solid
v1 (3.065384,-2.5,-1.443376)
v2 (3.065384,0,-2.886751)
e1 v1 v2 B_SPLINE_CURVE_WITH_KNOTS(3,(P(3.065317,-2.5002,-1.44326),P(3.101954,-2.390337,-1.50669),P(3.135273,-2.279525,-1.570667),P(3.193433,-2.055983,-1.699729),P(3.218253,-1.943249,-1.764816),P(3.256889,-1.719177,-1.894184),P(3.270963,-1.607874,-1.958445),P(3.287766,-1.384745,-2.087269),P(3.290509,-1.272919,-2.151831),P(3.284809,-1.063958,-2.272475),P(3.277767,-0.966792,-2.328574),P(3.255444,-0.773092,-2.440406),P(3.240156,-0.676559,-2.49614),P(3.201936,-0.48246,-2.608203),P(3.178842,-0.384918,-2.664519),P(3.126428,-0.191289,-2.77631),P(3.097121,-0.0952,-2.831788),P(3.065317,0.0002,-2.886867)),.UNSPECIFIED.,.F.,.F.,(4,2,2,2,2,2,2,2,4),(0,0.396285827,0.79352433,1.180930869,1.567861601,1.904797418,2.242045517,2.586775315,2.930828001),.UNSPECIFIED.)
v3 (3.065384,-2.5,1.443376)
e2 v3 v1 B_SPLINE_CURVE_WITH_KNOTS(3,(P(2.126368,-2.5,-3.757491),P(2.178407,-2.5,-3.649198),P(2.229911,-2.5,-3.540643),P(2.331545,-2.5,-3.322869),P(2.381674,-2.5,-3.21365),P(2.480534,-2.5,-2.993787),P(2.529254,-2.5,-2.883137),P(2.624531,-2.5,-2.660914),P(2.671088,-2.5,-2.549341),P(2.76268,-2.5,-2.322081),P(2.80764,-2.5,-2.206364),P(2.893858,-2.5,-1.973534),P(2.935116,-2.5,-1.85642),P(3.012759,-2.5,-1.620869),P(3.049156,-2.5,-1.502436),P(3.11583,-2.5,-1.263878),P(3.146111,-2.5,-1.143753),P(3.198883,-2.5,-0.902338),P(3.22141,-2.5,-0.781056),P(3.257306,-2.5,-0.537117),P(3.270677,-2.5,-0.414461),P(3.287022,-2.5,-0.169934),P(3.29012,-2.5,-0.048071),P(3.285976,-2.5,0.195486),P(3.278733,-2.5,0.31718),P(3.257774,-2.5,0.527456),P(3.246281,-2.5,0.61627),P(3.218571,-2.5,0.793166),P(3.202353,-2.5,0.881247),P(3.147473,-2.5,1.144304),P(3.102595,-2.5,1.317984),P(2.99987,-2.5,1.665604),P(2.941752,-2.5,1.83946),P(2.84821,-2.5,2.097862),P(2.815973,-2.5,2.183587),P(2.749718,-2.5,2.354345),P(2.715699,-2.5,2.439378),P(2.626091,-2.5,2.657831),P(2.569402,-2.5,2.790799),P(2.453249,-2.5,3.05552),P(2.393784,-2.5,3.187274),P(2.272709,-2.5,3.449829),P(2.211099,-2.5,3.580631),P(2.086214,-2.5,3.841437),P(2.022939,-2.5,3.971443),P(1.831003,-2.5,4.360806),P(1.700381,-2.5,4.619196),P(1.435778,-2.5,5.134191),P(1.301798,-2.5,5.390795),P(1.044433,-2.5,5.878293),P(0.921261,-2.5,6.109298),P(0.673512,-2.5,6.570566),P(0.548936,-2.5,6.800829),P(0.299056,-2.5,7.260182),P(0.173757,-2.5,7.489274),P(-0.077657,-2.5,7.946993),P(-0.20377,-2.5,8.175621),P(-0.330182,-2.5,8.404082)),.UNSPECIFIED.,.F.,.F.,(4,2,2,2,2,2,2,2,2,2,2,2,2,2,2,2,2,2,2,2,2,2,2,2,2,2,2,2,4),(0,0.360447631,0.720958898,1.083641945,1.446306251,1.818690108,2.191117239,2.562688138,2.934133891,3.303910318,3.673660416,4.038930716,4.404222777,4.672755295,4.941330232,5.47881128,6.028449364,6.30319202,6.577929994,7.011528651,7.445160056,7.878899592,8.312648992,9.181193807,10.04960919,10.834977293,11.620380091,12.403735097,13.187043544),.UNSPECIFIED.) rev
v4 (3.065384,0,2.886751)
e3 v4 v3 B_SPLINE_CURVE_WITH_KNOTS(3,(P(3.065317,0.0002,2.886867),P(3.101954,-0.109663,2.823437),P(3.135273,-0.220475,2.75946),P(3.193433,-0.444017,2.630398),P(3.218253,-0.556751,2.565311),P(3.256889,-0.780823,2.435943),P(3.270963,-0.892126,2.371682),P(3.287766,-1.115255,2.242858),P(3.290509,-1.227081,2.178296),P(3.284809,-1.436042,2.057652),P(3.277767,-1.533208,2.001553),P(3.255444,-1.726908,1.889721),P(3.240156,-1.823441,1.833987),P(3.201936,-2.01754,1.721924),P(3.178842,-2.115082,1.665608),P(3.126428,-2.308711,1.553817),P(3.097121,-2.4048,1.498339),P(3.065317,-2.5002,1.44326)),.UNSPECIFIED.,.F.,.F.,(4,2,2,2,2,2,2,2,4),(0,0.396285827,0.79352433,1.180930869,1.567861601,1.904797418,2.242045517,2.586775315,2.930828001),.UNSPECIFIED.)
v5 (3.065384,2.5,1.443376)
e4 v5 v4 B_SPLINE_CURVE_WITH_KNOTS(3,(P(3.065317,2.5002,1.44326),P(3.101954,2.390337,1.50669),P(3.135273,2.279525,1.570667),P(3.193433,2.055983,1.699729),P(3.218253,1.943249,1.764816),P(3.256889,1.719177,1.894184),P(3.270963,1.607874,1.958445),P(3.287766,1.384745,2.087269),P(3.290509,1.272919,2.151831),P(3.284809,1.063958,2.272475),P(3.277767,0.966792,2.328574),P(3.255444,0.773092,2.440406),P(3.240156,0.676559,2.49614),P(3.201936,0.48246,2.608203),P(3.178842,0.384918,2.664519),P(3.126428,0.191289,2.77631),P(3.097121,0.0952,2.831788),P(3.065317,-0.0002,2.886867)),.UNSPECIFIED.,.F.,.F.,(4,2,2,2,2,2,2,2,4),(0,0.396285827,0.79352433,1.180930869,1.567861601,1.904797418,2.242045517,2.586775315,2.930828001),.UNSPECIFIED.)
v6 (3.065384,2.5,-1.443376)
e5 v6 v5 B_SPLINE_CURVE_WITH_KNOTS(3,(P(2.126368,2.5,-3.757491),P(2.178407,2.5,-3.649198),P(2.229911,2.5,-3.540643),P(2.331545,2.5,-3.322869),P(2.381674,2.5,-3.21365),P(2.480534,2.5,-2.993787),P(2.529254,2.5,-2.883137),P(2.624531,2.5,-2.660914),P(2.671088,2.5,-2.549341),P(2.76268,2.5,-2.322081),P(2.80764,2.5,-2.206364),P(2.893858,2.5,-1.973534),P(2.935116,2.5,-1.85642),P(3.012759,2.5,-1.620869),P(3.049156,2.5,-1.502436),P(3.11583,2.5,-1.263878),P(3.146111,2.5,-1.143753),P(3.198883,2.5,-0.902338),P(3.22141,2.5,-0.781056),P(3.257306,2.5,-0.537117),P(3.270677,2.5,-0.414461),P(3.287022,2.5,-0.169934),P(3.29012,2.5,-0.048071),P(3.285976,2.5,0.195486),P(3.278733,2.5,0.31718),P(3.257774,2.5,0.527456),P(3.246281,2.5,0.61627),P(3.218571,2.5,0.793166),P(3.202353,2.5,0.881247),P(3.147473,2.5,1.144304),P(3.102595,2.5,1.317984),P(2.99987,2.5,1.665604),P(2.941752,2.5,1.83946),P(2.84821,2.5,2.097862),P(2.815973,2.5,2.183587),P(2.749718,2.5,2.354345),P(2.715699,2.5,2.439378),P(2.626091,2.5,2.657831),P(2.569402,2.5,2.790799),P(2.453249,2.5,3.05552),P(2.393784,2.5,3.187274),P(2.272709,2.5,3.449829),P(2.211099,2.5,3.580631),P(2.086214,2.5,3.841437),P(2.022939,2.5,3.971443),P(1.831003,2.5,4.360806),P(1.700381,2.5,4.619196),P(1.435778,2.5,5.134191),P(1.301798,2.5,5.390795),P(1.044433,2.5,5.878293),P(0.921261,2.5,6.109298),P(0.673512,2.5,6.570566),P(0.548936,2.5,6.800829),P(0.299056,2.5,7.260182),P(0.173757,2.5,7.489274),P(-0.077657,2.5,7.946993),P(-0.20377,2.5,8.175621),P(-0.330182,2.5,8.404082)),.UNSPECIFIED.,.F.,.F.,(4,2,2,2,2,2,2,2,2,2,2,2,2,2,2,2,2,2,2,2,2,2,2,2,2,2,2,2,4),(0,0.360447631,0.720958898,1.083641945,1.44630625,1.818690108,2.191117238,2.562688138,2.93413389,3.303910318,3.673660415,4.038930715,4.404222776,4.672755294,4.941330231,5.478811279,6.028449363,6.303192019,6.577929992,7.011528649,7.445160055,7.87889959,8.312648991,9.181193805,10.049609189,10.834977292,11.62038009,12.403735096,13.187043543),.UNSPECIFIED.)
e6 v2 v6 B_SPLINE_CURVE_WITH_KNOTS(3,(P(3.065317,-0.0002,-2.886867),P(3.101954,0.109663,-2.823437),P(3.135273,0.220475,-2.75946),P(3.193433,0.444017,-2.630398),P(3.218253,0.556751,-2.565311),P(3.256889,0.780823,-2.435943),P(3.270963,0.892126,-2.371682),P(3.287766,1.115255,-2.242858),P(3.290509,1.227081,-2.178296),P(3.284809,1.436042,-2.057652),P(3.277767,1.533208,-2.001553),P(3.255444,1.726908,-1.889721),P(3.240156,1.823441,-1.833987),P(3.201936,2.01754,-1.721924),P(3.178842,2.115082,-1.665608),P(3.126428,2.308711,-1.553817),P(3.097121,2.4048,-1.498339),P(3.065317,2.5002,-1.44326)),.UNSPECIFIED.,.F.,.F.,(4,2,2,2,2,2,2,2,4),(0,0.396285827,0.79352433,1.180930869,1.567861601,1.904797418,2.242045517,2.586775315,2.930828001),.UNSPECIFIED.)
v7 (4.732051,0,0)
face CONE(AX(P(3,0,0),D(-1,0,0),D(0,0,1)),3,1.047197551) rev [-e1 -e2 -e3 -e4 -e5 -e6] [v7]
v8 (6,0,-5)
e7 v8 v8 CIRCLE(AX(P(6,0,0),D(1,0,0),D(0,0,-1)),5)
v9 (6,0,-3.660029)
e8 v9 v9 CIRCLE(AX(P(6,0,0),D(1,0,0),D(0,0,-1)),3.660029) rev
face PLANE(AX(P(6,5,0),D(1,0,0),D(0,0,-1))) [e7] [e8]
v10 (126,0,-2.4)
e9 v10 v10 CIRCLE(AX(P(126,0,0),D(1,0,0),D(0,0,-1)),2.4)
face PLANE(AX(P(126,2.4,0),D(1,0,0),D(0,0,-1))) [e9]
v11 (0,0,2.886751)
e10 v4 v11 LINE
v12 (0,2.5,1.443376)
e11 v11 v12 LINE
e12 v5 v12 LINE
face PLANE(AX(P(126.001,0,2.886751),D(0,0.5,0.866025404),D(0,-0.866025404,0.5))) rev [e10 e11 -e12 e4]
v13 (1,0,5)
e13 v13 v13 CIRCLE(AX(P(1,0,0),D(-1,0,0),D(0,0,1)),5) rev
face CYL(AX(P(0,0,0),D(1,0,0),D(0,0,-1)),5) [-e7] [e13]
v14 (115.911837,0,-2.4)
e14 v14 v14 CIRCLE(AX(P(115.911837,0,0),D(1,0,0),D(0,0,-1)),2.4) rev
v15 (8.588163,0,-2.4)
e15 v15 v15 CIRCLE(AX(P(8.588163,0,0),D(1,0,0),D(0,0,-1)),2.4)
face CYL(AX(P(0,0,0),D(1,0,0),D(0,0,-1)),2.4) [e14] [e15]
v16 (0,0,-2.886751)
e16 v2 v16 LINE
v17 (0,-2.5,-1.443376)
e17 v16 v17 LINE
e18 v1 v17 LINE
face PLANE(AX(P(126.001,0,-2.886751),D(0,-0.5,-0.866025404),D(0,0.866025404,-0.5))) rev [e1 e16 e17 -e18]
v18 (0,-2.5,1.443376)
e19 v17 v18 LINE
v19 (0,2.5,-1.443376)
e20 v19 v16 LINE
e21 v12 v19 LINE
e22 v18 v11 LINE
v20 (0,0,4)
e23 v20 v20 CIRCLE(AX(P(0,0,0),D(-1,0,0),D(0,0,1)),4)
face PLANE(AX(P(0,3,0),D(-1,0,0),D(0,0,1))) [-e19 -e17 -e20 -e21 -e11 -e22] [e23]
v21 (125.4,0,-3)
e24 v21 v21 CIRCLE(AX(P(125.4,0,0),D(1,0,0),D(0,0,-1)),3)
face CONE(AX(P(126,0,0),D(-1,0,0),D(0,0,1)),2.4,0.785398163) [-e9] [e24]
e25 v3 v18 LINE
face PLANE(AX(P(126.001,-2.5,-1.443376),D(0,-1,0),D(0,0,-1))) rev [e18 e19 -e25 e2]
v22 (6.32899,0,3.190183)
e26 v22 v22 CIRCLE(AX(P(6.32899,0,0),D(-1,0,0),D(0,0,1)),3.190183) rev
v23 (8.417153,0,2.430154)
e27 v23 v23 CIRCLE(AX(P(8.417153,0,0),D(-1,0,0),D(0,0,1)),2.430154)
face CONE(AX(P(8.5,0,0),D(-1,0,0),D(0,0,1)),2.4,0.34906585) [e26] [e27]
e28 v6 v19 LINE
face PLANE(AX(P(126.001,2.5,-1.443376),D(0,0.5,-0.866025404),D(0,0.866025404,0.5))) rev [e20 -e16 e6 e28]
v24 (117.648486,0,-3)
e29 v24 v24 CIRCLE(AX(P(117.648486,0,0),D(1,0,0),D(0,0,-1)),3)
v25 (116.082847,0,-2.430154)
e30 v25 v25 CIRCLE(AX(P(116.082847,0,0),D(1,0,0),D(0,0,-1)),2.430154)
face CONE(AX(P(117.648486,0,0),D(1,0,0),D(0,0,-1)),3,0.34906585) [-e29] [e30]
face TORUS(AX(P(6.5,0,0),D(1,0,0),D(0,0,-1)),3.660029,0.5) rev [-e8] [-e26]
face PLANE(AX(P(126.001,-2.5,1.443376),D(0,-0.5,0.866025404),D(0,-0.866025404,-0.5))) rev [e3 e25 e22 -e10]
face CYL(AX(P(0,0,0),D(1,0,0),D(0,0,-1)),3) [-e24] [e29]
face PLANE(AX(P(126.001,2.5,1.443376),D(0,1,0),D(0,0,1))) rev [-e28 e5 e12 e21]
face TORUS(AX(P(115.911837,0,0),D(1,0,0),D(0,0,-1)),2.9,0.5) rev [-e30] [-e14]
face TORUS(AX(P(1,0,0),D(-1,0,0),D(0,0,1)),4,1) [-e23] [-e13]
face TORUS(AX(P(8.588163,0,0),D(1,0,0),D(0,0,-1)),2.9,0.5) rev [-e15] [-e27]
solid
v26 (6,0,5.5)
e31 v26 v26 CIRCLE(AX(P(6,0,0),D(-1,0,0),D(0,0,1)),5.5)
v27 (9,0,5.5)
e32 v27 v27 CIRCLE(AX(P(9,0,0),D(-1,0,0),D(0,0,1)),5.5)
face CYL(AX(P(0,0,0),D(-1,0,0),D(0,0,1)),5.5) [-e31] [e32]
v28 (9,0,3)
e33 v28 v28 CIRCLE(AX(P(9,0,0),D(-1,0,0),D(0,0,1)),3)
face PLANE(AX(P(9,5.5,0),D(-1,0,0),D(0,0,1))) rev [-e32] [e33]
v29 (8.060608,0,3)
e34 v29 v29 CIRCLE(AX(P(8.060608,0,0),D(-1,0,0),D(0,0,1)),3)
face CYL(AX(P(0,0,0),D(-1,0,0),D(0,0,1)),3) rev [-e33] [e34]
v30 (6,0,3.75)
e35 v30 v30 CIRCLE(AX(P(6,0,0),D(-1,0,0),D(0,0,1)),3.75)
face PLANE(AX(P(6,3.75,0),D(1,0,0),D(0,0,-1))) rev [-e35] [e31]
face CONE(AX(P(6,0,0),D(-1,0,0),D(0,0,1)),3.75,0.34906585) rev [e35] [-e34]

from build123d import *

# Parameters (mm, degrees)
AUFSATZ_LINEAR_AUSTRAGEN1_REACH = 128
SKIZZE2_R                       = 3
VERRUNDUNG1_R                   = 1
VERRUNDUNG2_R                   = 0.5


with BuildPart() as part:
    # Skizze1 → Rotation1 (revolve)
    with BuildSketch(Plane.XY):
        Polygon((0, 5), (6, 5), (6, 3.309925586), (8.5, 2.4), (116, 2.4), (117.648486452, 3), (125.4, 3), (126, 2.4), (126, 0), (4.732050808, 0), (3, 3), (0, 3), align=None)
    revolve(axis=Axis((0, 0, 0), (-1, 0, 0)))

    # Skizze2 → Aufsatz-Linear austragen1 (add, up to next)
    with BuildSketch(Plane.ZY, mode=Mode.PRIVATE) as aufsatz_linear_austragen1_sk1:
        Circle(SKIZZE2_R)
        Polygon((-2.886751346, 0), (-1.443375673, -2.5), (1.443375673, -2.5), (2.886751346, 0), (1.443375673, 2.5), (-1.443375673, 2.5), align=None, mode=Mode.SUBTRACT)
    aufsatz_linear_austragen1_tool1 = extrude(aufsatz_linear_austragen1_sk1.sketch, amount=-AUFSATZ_LINEAR_AUSTRAGEN1_REACH, mode=Mode.PRIVATE) - part.part
    add(aufsatz_linear_austragen1_tool1.solids().sort_by_distance((0, 0, -2.915147))[0])

    # Verrundung1
    verrundung1_edges = [part.edges().sort_by_distance(p)[0] for p in [
        (0, -5, 0),
    ]]
    fillet(verrundung1_edges, radius=VERRUNDUNG1_R)

    # Verrundung2
    verrundung2_edges = [part.edges().sort_by_distance(p)[0] for p in [
        (116, -2.4, 0),
        (8.5, -2.4, 0),
        (6, -3.309925586, 0),
    ]]
    fillet(verrundung2_edges, radius=VERRUNDUNG2_R)


with BuildPart() as body_2:
    # Skizze3 → Rotation2 (revolve)
    with BuildSketch(Plane.XY):
        Polygon((6, 5.5), (9, 5.5), (9, 3), (8.060608065, 3), (6, 3.75), align=None)
    revolve(axis=Axis((0, 0, 0), (1, 0, 0)))


solid = Compound([part.part, body_2.part])
